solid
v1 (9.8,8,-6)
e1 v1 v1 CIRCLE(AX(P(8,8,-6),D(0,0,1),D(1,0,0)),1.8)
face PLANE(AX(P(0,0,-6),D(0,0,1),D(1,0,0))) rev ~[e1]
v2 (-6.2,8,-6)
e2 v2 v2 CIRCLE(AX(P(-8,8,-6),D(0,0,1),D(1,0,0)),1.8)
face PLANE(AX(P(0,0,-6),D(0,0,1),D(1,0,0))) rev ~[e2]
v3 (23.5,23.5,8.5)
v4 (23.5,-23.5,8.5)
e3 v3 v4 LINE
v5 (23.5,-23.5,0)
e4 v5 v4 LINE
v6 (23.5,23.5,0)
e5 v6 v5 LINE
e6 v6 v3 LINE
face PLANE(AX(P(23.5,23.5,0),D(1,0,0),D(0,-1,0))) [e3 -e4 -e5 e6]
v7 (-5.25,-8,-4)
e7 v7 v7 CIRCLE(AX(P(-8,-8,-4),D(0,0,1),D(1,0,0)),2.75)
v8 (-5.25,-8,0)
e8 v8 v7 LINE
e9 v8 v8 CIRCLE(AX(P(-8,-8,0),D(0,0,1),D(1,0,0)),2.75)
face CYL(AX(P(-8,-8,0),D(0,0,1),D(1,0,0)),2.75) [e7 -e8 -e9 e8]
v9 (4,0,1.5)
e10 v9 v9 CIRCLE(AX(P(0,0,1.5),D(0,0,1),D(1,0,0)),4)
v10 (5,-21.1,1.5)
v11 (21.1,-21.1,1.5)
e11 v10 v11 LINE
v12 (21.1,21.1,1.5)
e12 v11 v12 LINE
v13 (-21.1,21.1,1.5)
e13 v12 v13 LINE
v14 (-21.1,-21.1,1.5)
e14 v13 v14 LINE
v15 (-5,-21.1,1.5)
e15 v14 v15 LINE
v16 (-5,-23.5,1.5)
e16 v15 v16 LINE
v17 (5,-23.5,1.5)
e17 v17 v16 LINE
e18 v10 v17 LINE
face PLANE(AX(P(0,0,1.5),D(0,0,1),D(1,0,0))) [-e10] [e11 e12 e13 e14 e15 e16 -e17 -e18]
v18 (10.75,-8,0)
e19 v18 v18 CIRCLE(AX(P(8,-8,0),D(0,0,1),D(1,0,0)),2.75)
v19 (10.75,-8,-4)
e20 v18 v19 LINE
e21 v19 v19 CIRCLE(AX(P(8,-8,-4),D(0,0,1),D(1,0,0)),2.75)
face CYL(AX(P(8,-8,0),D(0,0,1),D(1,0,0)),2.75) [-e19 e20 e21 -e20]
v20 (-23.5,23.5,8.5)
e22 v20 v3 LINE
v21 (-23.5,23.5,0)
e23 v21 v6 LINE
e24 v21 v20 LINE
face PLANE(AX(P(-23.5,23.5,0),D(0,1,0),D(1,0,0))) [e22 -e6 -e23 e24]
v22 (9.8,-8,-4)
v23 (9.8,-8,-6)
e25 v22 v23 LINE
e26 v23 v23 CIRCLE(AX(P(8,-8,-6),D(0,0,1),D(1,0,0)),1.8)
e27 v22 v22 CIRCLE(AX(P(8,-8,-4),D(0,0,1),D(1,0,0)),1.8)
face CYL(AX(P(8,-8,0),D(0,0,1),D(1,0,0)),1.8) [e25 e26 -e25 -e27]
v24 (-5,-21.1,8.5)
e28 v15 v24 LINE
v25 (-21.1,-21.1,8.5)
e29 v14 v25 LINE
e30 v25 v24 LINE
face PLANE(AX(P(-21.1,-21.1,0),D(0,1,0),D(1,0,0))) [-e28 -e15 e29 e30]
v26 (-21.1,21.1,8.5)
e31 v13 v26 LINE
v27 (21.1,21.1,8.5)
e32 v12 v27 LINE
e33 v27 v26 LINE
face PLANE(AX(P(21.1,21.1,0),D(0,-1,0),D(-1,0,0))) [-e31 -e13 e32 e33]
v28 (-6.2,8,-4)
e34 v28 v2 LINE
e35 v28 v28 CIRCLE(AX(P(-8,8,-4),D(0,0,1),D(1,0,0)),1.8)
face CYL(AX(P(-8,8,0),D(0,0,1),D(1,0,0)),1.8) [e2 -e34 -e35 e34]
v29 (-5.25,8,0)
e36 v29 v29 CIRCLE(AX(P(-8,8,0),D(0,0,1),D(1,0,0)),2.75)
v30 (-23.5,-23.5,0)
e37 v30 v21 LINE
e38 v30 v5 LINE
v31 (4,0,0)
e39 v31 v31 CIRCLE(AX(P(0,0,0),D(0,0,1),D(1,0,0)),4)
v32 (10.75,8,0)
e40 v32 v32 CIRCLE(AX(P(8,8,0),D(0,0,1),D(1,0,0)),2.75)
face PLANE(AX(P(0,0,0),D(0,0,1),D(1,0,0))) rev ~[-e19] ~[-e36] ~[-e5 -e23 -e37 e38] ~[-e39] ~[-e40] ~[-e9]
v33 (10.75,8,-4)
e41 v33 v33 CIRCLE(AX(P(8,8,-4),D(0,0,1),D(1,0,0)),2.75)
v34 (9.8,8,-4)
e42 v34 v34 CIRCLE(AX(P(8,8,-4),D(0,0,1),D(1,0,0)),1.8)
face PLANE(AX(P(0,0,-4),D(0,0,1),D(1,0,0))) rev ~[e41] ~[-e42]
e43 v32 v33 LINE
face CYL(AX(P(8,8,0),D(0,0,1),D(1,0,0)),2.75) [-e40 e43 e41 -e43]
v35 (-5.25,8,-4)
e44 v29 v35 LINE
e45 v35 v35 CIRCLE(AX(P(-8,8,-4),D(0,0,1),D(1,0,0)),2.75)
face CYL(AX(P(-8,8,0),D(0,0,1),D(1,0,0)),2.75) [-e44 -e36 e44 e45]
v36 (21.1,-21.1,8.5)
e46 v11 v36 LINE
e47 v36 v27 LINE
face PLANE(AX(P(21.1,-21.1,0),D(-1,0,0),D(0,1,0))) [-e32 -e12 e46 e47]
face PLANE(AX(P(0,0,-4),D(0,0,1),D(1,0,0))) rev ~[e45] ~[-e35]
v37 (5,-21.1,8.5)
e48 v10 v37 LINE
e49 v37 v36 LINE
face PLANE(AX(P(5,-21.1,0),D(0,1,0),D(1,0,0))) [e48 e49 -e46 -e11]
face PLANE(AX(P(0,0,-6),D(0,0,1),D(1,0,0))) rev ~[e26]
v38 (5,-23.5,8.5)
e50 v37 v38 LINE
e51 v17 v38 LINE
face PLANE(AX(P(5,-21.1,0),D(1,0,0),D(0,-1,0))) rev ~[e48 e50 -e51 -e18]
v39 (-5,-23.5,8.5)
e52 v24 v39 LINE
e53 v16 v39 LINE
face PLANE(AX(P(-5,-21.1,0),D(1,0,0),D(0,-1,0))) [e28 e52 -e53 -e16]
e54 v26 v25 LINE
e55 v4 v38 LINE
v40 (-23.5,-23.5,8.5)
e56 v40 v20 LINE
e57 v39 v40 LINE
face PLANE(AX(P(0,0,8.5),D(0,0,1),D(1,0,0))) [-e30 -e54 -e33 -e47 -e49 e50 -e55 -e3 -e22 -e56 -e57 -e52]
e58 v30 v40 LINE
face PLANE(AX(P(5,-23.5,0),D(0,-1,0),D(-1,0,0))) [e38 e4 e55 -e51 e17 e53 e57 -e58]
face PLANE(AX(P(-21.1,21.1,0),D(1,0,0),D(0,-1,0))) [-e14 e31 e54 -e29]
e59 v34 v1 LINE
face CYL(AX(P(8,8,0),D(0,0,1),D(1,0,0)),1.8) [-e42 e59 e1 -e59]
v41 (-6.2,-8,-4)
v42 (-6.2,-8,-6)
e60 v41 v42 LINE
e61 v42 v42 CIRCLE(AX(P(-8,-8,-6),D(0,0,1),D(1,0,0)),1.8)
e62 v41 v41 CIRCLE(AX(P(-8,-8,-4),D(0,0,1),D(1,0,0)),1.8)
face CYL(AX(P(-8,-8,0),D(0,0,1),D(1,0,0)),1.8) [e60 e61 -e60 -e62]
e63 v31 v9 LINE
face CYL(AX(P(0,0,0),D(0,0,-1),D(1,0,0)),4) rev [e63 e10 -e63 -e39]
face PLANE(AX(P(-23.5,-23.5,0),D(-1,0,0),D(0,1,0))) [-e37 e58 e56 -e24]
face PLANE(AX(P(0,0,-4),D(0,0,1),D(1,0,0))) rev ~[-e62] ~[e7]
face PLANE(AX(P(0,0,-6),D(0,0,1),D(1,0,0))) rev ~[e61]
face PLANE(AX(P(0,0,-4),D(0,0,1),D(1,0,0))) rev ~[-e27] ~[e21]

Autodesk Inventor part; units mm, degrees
ref_plane "YZ Plane" through (0, 0, 0) normal (1, 0, 0) x (0, 1, 0)
ref_plane "XZ Plane" through (0, 0, 0) normal (0, 1, 0) x (-1, 0, 0)
ref_plane "XY Plane" through (0, 0, 0) normal (0, 0, 1) x (1, 0, 0)
sketch "Sketch1" plane through (0, 0, 0) normal (0, 0, 1) x (1, 0, 0)
  line L0 (-21.1, -21.1) -> (21.1, -21.1)
  line L1 (21.1, -21.1) -> (21.1, 21.1)
  line L2 (21.1, 21.1) -> (-21.1, 21.1)
  line L3 (-21.1, 21.1) -> (-21.1, -21.1)
  line L4 (-21.1, -21.1) -> (21.1, 21.1) construction
  line L5 (21.1, -21.1) -> (-21.1, 21.1) construction
  line L6 (-23.5, 23.5) -> (23.5, 23.5)
  line L7 (23.5, 23.5) -> (23.5, -23.5)
  line L8 (23.5, -23.5) -> (-23.5, -23.5)
  line L9 (-23.5, -23.5) -> (-23.5, 23.5)
  line L10 (-23.5, 23.5) -> (23.5, -23.5) construction
  line L11 (23.5, 23.5) -> (-23.5, -23.5) construction
  line L12 (-5, -21.1) -> (-5, -23.5)
  line L13 (5, -21.1) -> (5, -23.5)
  circle A0 centre (8, 8) radius 1.8
  circle A1 centre (8, -8) radius 1.8
  circle A2 centre (-8, -8) radius 1.8
  circle A3 centre (-8, 8) radius 1.8
  line L14 (-11, 11) -> (11, -11) construction
  line L15 (11, 11) -> (-11, -11) construction
  circle A4 centre (0, 0) radius 4
  circle A5 centre (-8, 8) radius 2.75
  circle A6 centre (-8, -8) radius 2.75
  circle A7 centre (8, 8) radius 2.75
  circle A8 centre (8, -8) radius 2.75
  dimension "d0" = 42.2
  dimension "d1" = 42.2
  dimension "d2" = 47
  dimension "d3" = 47
  dimension "d4" = 10
  dimension "d5" = 5
  dimension "d6" = 3.6
  dimension "d7" = 3.6
  dimension "d8" = 3.6
  dimension "d9" = 3.6
  dimension "d10" = 16
  dimension "d11" = 16
  dimension "d12" = 16
  dimension "d13" = 8
  dimension "d20" = 8
  dimension "d21" = 5.5
  dimension "d22" = 5.5
  dimension "d23" = 5.5
  dimension "d24" = 5.5
extrude "Extrusion1" add sketch "Sketch1" along normal blind 8.5 contours L0 L12 L8 L9 L6 L7 L13 L1 L2 L3
extrude "Extrusion2" add sketch "Sketch1" along normal blind 1.5 contours L3 L2 L1 L0 | L0 L13 L8 L12 | A0 | A1 | A2 | A3 | A5 | A6 | A7 | A8
extrude "Extrusion3" add sketch "Sketch1" against normal blind 4 contours A0 | A1 | A2 | A3 | A5 | A6 | A7 | A8
extrude "Extrusion4" add sketch "Sketch1" against normal blind 6 contours A0 | A1 | A2 | A3
properties part number "MagEncHolder"
